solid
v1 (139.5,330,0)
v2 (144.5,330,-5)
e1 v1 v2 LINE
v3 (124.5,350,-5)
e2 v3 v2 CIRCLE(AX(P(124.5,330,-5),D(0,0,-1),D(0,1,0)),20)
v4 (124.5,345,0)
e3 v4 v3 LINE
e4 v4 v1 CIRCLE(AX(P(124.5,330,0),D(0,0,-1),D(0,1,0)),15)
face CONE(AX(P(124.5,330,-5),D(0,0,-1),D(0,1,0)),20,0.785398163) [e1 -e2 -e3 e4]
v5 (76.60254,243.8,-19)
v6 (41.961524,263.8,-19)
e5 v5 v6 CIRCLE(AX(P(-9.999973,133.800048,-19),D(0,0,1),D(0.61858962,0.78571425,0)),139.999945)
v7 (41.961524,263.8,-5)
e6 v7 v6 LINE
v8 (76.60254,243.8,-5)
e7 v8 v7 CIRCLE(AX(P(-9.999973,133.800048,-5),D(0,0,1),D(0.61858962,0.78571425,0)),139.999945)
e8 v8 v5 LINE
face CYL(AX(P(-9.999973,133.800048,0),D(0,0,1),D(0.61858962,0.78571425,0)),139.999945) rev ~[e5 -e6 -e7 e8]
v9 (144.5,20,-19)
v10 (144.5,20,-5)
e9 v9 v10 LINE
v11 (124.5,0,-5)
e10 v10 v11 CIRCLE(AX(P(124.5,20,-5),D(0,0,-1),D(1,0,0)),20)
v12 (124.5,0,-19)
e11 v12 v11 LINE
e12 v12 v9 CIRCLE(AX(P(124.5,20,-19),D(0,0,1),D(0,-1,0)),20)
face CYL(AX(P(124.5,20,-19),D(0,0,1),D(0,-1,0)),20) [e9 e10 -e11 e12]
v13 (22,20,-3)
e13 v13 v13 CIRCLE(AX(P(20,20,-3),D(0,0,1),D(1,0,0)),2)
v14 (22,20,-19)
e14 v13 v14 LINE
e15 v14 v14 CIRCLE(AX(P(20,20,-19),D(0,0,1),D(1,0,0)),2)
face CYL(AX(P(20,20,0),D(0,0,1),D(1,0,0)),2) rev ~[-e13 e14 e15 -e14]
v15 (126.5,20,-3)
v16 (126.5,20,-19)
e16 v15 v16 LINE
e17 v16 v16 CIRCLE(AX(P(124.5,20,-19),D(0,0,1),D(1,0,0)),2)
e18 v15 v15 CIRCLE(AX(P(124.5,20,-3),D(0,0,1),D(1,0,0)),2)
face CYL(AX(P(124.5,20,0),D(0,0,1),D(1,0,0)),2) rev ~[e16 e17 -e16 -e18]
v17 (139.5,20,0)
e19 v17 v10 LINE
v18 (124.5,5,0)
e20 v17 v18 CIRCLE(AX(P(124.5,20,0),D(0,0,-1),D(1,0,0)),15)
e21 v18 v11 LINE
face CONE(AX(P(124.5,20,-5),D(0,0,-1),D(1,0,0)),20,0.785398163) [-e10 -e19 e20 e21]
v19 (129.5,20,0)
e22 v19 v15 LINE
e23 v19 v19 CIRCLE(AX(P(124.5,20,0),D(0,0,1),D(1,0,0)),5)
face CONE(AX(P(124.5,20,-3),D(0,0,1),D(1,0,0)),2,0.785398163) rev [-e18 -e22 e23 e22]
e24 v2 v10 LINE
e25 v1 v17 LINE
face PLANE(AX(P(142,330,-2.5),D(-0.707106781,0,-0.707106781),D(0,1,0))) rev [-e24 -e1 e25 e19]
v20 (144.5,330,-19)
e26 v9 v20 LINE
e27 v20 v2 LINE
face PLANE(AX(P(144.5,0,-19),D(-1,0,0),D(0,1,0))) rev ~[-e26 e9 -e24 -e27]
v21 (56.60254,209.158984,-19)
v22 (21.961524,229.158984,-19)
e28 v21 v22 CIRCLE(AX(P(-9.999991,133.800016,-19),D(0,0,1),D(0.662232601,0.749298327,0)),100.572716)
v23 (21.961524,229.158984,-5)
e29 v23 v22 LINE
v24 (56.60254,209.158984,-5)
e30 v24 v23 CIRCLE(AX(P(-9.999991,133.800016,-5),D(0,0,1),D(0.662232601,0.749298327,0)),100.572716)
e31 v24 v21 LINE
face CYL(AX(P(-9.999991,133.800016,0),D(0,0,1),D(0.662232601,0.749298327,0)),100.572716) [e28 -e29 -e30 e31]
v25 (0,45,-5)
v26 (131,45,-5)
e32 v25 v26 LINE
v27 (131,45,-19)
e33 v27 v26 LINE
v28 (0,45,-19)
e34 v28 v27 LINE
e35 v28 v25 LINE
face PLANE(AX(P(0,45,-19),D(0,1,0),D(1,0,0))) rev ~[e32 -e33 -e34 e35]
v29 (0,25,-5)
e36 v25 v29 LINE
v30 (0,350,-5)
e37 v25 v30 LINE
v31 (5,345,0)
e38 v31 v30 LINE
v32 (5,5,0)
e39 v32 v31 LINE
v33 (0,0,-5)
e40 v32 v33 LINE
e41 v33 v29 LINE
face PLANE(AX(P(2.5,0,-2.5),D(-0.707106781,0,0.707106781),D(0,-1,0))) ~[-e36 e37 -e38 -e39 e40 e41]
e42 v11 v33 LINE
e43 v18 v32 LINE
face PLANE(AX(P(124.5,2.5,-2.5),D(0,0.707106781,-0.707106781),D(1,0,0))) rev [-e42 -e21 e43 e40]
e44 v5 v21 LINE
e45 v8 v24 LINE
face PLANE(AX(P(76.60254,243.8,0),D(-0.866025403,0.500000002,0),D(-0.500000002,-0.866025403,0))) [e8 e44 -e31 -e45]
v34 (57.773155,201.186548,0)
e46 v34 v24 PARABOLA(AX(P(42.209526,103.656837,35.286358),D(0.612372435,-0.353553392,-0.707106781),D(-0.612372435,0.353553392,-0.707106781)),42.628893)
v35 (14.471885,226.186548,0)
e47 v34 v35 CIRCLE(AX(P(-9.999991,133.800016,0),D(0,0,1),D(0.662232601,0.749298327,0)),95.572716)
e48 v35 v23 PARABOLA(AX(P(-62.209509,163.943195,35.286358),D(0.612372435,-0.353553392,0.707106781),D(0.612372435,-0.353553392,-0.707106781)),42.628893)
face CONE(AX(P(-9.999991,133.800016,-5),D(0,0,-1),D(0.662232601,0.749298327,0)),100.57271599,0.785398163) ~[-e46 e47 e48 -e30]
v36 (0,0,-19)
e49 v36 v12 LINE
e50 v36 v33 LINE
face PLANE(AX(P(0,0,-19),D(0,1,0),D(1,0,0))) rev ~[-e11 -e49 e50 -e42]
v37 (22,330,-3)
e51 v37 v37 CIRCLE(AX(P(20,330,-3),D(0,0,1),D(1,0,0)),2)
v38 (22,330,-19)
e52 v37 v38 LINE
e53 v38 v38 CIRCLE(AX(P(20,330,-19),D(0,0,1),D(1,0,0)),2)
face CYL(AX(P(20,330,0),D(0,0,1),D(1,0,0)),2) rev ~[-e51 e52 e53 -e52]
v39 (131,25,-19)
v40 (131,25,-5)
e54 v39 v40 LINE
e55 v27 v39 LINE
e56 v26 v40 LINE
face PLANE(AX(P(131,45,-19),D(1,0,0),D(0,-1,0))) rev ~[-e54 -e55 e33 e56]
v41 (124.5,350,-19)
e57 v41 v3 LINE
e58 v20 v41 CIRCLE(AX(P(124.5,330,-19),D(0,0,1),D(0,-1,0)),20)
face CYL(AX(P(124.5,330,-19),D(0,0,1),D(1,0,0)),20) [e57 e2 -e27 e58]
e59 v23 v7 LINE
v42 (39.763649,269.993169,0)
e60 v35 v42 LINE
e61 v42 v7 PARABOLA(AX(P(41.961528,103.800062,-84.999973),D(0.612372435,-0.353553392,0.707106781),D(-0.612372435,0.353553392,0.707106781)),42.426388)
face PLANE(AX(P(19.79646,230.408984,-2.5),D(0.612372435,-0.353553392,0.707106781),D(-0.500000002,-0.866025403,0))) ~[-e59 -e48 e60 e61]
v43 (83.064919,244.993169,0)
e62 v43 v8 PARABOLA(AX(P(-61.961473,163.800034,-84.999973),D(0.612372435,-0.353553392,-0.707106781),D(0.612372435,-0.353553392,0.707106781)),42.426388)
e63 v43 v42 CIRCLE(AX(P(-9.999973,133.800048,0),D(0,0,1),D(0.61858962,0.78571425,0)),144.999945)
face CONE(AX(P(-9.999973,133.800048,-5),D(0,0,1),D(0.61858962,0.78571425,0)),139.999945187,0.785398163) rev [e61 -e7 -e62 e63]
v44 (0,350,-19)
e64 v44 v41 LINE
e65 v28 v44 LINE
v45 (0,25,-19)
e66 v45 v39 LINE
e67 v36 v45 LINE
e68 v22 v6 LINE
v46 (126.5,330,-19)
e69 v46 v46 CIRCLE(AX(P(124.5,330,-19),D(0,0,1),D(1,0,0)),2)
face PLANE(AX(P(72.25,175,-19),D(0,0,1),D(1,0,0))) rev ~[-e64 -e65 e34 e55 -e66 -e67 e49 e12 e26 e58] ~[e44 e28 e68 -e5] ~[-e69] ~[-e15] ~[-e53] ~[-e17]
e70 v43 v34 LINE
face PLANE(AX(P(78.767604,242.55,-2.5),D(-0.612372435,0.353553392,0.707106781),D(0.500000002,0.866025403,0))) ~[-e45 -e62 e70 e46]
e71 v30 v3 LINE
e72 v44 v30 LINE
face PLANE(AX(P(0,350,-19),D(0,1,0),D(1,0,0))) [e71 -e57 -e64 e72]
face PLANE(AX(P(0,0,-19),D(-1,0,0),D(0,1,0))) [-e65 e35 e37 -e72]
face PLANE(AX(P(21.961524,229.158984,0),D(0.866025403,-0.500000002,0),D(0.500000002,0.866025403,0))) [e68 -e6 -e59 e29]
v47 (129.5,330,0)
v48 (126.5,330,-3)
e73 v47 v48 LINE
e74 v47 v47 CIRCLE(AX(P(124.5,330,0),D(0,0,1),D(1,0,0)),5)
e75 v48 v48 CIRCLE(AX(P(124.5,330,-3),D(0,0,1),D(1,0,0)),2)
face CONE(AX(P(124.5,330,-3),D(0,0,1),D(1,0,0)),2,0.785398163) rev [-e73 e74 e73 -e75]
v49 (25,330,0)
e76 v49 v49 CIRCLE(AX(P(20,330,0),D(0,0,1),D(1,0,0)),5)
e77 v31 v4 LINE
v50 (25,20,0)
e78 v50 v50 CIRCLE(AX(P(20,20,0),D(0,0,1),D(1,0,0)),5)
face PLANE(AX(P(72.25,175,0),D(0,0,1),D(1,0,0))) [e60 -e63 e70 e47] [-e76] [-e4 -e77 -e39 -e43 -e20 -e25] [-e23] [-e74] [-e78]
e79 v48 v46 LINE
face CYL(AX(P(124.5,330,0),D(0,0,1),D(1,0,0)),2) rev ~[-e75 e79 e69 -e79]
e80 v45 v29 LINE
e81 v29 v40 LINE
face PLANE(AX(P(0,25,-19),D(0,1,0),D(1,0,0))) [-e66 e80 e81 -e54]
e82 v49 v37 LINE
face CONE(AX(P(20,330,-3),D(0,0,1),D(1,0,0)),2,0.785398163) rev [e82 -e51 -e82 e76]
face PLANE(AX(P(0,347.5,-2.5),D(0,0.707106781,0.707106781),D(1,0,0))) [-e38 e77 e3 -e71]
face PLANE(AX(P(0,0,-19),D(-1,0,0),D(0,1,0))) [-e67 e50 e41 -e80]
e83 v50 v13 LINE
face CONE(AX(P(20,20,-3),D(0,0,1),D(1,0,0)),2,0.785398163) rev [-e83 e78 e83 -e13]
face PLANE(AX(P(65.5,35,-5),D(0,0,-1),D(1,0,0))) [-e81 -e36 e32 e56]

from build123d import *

# Parameters (mm, degrees)
SKETCH024_W     = 144.5
SKETCH024_H     = 350
PAD017_DEPTH    = 19
FILLET007_R     = 20
SKETCH025_R     = 2
POCKET015_DEPTH = 19.001
CHAMFER005_SIZE = 5
POCKET020_DEPTH = 19.001
CHAMFER006_SIZE = 5
CHAMFER007_SIZE = 3
SKETCH045_W     = 131
SKETCH045_H     = 20
POCKET029_DEPTH = 14


with BuildPart() as part:
    # Sketch024 → Pad017 (new body)
    with BuildSketch(Plane.XY):
        with Locations((307.25, 41.2)):
            Rectangle(SKETCH024_W, SKETCH024_H)
    extrude(amount=PAD017_DEPTH)

    # Fillet007
    fillet007_edges = [part.edges().sort_by_distance(p)[0] for p in [
        (379.5, 216.2, 9.5),
        (379.5, -133.8, 9.5),
    ]]
    fillet(fillet007_edges, radius=FILLET007_R)

    # Sketch025 (on Face5 of Fillet007) → Pocket015 (cut, through all)
    with BuildSketch(Plane.XY.offset(19)):
        with Locations((359.5, 196.2)):
            Circle(SKETCH025_R)
        with Locations((359.5, -113.8)):
            Circle(SKETCH025_R)
        with Locations((255, -113.8)):
            Circle(SKETCH025_R)
        with Locations((255, 196.2)):
            Circle(SKETCH025_R)
    extrude(amount=-POCKET015_DEPTH, mode=Mode.SUBTRACT)

    # Chamfer005
    chamfer005_edges = [part.edges().sort_by_distance(p)[0] for p in [
        (297.25, 216.2, 19),
        (235, 41.2, 19),
    ]]
    chamfer(chamfer005_edges, length=CHAMFER005_SIZE)

    # Sketch030 (on Face9 of Chamfer005) → Pocket020 (cut, through all)
    with BuildSketch(Plane.XY.offset(19)):
        with BuildLine():
            Line((256.961524, 95.358984), (276.961524, 130))
            ThreePointArc((311.60254, 110), (295, 121.243557), (276.961524, 130))
            Line((311.60254, 110), (291.60254, 75.358984))
            ThreePointArc((291.60254, 75.358984), (275.286367, 87.098543), (256.961524, 95.358984))
        make_face()
    extrude(amount=-POCKET020_DEPTH, mode=Mode.SUBTRACT)

    # Chamfer006
    chamfer006_edges = [part.edges().sort_by_distance(p)[0] for p in [
        (295, 121.243557, 19),
        (266.961524, 112.679492, 19),
        (275.286367, 87.098543, 19),
        (301.60254, 92.679492, 19),
    ]]
    chamfer(chamfer006_edges, length=CHAMFER006_SIZE)

    # Chamfer007
    chamfer007_edges = [part.edges().sort_by_distance(p)[0] for p in [
        (253, 196.2, 19),
        (357.5, 196.2, 19),
        (357.5, -113.8, 19),
        (253, -113.8, 19),
    ]]
    chamfer(chamfer007_edges, length=CHAMFER007_SIZE)

    # Sketch045 (on Face30 of Chamfer007) → Pocket029 (cut)
    with BuildSketch(Plane(origin=(0, 0, 0), x_dir=(1, 0, 0), z_dir=(0, 0, -1))):
        with Locations((300.5, 98.8)):
            Rectangle(SKETCH045_W, SKETCH045_H)
    extrude(amount=-POCKET029_DEPTH, mode=Mode.SUBTRACT)


with BuildPart() as part_1:
    # Body013 placement: moved
    add(part.part.moved(Location((0, 0, 10))))


with BuildPart() as part_2:
    # Clone001 placement: moved
    add(part_1.part.moved(Location((-235, 133.8, -29))))


solid = part_2.part
